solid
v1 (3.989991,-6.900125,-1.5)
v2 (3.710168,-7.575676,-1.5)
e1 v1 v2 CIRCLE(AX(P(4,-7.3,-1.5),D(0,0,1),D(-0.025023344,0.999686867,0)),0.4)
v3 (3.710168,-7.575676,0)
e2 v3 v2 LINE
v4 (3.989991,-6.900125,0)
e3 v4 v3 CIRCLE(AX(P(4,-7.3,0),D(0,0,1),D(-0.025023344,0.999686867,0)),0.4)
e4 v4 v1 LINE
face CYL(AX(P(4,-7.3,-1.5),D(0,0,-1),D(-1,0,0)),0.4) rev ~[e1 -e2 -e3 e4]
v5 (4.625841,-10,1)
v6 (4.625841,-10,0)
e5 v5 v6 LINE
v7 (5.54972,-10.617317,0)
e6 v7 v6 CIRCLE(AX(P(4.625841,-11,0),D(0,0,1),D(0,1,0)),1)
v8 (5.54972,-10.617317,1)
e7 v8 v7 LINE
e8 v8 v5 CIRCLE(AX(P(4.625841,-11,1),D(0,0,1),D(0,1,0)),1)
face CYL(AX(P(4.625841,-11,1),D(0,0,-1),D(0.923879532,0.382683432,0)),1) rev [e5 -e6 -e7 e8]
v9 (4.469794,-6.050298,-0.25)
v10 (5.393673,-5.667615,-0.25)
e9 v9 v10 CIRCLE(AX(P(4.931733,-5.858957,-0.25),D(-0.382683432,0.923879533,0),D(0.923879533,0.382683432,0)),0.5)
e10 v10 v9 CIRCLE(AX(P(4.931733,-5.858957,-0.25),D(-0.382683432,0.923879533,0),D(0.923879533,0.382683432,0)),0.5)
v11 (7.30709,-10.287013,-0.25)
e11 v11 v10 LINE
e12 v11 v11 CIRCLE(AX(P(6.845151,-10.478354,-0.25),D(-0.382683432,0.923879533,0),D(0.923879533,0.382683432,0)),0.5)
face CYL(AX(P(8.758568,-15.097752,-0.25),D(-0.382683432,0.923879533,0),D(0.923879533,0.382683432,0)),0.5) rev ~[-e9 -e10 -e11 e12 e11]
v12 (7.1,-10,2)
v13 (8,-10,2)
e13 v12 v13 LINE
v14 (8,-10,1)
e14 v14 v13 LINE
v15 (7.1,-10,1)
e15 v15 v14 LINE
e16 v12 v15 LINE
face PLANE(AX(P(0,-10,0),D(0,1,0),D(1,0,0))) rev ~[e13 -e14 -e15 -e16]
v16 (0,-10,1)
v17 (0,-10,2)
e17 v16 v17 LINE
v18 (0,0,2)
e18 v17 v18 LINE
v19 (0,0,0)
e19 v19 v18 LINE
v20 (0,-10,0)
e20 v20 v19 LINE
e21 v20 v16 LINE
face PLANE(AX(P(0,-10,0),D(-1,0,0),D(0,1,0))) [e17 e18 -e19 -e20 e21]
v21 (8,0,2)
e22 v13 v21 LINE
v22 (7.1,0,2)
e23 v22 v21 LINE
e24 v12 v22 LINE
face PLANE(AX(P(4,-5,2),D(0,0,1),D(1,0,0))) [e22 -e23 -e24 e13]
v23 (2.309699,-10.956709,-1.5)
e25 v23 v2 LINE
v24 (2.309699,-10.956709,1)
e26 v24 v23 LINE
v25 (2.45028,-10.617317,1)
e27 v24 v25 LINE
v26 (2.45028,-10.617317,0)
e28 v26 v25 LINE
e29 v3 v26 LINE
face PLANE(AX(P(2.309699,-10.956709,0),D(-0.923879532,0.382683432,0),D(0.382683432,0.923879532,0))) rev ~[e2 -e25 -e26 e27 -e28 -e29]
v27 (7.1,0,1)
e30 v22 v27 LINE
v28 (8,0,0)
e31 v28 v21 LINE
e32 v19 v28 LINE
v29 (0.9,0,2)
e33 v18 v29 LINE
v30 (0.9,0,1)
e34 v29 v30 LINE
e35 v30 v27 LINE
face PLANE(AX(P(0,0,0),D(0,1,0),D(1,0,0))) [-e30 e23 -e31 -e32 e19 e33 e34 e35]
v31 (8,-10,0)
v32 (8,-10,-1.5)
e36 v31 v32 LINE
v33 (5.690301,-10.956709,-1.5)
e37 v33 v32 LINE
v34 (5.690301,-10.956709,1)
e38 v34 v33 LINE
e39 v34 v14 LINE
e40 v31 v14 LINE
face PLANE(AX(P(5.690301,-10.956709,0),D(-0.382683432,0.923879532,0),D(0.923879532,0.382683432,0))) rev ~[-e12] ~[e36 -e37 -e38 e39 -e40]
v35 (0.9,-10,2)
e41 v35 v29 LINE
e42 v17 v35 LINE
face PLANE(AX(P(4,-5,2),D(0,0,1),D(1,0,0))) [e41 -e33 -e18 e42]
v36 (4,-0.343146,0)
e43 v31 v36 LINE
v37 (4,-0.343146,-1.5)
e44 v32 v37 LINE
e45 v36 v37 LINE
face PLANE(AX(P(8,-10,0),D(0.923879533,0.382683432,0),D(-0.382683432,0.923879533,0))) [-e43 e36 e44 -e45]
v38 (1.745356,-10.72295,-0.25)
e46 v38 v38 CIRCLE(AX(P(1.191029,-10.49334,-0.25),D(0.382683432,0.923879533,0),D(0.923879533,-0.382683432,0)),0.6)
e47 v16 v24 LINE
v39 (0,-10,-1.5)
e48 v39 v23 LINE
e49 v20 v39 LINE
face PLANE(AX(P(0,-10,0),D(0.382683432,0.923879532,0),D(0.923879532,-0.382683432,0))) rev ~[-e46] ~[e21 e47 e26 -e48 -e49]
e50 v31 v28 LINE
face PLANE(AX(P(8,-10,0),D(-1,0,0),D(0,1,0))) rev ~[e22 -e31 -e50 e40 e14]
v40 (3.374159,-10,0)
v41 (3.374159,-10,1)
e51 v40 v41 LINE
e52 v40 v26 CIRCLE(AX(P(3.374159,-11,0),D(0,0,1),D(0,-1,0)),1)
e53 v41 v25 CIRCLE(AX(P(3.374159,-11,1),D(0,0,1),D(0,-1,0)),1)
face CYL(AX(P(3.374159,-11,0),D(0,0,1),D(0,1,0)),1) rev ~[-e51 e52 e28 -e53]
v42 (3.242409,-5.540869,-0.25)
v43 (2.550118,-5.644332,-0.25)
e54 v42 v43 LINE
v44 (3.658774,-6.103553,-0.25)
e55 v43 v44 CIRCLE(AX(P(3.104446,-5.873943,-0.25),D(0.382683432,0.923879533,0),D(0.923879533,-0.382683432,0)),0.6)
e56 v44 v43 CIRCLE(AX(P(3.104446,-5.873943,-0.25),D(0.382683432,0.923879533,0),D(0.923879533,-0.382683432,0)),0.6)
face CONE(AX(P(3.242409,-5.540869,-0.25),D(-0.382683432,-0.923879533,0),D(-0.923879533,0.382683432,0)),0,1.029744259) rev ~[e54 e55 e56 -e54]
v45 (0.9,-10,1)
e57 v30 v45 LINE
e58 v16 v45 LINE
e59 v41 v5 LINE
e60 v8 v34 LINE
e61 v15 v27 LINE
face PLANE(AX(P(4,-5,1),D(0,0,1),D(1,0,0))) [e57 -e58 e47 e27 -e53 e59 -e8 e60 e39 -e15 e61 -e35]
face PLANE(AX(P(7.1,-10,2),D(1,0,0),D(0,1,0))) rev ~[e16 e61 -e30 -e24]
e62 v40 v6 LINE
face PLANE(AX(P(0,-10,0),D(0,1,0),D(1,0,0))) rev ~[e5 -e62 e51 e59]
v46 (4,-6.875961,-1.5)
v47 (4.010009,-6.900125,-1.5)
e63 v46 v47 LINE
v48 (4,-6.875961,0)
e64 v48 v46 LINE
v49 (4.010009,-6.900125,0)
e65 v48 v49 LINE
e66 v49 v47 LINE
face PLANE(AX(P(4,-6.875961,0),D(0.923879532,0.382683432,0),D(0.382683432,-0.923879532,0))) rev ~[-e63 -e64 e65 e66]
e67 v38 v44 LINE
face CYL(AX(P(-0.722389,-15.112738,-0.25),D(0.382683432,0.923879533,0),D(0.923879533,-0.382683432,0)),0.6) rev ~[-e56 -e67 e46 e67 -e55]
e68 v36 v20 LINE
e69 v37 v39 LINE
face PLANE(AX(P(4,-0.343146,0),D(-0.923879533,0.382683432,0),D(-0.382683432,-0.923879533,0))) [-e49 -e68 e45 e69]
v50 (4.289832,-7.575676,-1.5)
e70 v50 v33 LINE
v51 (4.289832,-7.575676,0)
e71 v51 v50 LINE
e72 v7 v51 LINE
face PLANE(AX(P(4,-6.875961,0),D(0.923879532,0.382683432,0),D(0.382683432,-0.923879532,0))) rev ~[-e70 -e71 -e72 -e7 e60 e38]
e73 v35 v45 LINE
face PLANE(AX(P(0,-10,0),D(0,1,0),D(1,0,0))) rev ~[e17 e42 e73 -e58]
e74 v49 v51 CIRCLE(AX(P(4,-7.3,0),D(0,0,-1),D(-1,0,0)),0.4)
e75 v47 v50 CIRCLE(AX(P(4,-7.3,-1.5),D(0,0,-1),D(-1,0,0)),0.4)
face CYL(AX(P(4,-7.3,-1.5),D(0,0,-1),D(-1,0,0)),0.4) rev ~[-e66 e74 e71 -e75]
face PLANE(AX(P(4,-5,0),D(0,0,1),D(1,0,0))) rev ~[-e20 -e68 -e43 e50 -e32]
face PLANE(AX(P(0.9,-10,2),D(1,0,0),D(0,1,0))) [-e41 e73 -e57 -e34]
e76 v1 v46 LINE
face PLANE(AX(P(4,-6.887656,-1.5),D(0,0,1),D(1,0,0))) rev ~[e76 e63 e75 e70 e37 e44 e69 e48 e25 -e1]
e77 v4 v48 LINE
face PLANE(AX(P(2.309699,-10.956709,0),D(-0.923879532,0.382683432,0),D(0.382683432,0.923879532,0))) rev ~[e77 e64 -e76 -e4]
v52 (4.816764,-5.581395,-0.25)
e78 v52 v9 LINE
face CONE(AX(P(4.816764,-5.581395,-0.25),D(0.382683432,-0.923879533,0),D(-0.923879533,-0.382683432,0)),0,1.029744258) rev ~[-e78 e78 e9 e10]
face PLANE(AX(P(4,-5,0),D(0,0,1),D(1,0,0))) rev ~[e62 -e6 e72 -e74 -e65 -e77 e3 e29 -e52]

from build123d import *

# Parameters (mm, degrees)
SKETCH1_W                = 8
SKETCH1_H                = 10
BOSS_EXTRUDE1_DEPTH      = 2
SKETCH2_W                = 6.2
SKETCH2_H                = 10
CUT_EXTRUDE1_DEPTH       = 1
BOSS_EXTRUDE2_DEPTH      = 1.5
BOSS_EXTRUDE2_DEPTH_BACK = 1
M1_CLEARANCE_HOLE2_D     = 1.2
M1_CLEARANCE_HOLE2_DEPTH = 5
M1_CLEARANCE_HOLE2_TIP   = 0.360516371
M1_CLEARANCE_HOLE1_D     = 1
M1_CLEARANCE_HOLE1_DEPTH = 5
M1_CLEARANCE_HOLE1_TIP   = 0.30043031
SKETCH8_R                = 0.4
CUT_EXTRUDE2_DEPTH       = 1.5
FILLET2_R                = 1


with BuildPart() as part:
    # Sketch1 → Boss-Extrude1 (new body)
    with BuildSketch(Plane.XY):
        with Locations((4, -5)):
            Rectangle(SKETCH1_W, SKETCH1_H)
    extrude(amount=BOSS_EXTRUDE1_DEPTH)

    # Sketch2 → Cut-Extrude1 (cut)
    with BuildSketch(Plane.XY.offset(2)):
        with Locations((4, -5)):
            Rectangle(SKETCH2_W, SKETCH2_H)
    extrude(amount=-CUT_EXTRUDE1_DEPTH, mode=Mode.SUBTRACT)

    # Sketch3 → Boss-Extrude2 (add, two sides)
    with BuildSketch(Plane(origin=(0, 0, 0), x_dir=(-1, 0, 0), z_dir=(0, 0, -1))) as boss_extrude2_sk:
        Polygon((-8, -10), (-4, -0.343145751), (0, -10), (-2.309698831, -10.956708581), (-4, -6.875960575), (-5.690301169, -10.956708581), align=None)
    extrude(amount=BOSS_EXTRUDE2_DEPTH)
    extrude(boss_extrude2_sk.sketch, amount=-BOSS_EXTRUDE2_DEPTH_BACK)

    # M1 Clearance Hole2
    with Locations(Plane(origin=(-3.535533906, -8.535533906, 0), x_dir=(-0.923879533, 0.382683432, 0), z_dir=(-0.382683432, -0.923879533, 0))):
        with Locations((-5.115994416, 0.25)):
            Hole(M1_CLEARANCE_HOLE2_D / 2, depth=M1_CLEARANCE_HOLE2_DEPTH)
            with Locations((0, 0, -(M1_CLEARANCE_HOLE2_DEPTH + M1_CLEARANCE_HOLE2_TIP / 2))):  # 118° drill point
                Cone(0, M1_CLEARANCE_HOLE2_D / 2, M1_CLEARANCE_HOLE2_TIP, mode=Mode.SUBTRACT)

    # M1 Clearance Hole1
    with Locations(Plane(origin=(4.707106781, -11.363961031, 0), x_dir=(-0.923879533, -0.382683432, 0), z_dir=(0.382683432, -0.923879533, 0))):
        with Locations((-2.314201936, 0.25)):
            Hole(M1_CLEARANCE_HOLE1_D / 2, depth=M1_CLEARANCE_HOLE1_DEPTH)
            with Locations((0, 0, -(M1_CLEARANCE_HOLE1_DEPTH + M1_CLEARANCE_HOLE1_TIP / 2))):  # 118° drill point
                Cone(0, M1_CLEARANCE_HOLE1_D / 2, M1_CLEARANCE_HOLE1_TIP, mode=Mode.SUBTRACT)

    # Sketch8 → Cut-Extrude2 (cut)
    with BuildSketch(Plane(origin=(0, 0, -1.5), x_dir=(-1, 0, 0), z_dir=(0, 0, -1))):
        with Locations((-4, -7.3)):
            Circle(SKETCH8_R)
    extrude(amount=-CUT_EXTRUDE2_DEPTH, mode=Mode.SUBTRACT)

    # Fillet2
    fillet2_edges = [part.edges().sort_by_distance(p)[0] for p in [
        (2.705980501, -10, 0.5),
        (5.294019499, -10, 0.5),
    ]]
    fillet(fillet2_edges, radius=FILLET2_R)


solid = part.part
